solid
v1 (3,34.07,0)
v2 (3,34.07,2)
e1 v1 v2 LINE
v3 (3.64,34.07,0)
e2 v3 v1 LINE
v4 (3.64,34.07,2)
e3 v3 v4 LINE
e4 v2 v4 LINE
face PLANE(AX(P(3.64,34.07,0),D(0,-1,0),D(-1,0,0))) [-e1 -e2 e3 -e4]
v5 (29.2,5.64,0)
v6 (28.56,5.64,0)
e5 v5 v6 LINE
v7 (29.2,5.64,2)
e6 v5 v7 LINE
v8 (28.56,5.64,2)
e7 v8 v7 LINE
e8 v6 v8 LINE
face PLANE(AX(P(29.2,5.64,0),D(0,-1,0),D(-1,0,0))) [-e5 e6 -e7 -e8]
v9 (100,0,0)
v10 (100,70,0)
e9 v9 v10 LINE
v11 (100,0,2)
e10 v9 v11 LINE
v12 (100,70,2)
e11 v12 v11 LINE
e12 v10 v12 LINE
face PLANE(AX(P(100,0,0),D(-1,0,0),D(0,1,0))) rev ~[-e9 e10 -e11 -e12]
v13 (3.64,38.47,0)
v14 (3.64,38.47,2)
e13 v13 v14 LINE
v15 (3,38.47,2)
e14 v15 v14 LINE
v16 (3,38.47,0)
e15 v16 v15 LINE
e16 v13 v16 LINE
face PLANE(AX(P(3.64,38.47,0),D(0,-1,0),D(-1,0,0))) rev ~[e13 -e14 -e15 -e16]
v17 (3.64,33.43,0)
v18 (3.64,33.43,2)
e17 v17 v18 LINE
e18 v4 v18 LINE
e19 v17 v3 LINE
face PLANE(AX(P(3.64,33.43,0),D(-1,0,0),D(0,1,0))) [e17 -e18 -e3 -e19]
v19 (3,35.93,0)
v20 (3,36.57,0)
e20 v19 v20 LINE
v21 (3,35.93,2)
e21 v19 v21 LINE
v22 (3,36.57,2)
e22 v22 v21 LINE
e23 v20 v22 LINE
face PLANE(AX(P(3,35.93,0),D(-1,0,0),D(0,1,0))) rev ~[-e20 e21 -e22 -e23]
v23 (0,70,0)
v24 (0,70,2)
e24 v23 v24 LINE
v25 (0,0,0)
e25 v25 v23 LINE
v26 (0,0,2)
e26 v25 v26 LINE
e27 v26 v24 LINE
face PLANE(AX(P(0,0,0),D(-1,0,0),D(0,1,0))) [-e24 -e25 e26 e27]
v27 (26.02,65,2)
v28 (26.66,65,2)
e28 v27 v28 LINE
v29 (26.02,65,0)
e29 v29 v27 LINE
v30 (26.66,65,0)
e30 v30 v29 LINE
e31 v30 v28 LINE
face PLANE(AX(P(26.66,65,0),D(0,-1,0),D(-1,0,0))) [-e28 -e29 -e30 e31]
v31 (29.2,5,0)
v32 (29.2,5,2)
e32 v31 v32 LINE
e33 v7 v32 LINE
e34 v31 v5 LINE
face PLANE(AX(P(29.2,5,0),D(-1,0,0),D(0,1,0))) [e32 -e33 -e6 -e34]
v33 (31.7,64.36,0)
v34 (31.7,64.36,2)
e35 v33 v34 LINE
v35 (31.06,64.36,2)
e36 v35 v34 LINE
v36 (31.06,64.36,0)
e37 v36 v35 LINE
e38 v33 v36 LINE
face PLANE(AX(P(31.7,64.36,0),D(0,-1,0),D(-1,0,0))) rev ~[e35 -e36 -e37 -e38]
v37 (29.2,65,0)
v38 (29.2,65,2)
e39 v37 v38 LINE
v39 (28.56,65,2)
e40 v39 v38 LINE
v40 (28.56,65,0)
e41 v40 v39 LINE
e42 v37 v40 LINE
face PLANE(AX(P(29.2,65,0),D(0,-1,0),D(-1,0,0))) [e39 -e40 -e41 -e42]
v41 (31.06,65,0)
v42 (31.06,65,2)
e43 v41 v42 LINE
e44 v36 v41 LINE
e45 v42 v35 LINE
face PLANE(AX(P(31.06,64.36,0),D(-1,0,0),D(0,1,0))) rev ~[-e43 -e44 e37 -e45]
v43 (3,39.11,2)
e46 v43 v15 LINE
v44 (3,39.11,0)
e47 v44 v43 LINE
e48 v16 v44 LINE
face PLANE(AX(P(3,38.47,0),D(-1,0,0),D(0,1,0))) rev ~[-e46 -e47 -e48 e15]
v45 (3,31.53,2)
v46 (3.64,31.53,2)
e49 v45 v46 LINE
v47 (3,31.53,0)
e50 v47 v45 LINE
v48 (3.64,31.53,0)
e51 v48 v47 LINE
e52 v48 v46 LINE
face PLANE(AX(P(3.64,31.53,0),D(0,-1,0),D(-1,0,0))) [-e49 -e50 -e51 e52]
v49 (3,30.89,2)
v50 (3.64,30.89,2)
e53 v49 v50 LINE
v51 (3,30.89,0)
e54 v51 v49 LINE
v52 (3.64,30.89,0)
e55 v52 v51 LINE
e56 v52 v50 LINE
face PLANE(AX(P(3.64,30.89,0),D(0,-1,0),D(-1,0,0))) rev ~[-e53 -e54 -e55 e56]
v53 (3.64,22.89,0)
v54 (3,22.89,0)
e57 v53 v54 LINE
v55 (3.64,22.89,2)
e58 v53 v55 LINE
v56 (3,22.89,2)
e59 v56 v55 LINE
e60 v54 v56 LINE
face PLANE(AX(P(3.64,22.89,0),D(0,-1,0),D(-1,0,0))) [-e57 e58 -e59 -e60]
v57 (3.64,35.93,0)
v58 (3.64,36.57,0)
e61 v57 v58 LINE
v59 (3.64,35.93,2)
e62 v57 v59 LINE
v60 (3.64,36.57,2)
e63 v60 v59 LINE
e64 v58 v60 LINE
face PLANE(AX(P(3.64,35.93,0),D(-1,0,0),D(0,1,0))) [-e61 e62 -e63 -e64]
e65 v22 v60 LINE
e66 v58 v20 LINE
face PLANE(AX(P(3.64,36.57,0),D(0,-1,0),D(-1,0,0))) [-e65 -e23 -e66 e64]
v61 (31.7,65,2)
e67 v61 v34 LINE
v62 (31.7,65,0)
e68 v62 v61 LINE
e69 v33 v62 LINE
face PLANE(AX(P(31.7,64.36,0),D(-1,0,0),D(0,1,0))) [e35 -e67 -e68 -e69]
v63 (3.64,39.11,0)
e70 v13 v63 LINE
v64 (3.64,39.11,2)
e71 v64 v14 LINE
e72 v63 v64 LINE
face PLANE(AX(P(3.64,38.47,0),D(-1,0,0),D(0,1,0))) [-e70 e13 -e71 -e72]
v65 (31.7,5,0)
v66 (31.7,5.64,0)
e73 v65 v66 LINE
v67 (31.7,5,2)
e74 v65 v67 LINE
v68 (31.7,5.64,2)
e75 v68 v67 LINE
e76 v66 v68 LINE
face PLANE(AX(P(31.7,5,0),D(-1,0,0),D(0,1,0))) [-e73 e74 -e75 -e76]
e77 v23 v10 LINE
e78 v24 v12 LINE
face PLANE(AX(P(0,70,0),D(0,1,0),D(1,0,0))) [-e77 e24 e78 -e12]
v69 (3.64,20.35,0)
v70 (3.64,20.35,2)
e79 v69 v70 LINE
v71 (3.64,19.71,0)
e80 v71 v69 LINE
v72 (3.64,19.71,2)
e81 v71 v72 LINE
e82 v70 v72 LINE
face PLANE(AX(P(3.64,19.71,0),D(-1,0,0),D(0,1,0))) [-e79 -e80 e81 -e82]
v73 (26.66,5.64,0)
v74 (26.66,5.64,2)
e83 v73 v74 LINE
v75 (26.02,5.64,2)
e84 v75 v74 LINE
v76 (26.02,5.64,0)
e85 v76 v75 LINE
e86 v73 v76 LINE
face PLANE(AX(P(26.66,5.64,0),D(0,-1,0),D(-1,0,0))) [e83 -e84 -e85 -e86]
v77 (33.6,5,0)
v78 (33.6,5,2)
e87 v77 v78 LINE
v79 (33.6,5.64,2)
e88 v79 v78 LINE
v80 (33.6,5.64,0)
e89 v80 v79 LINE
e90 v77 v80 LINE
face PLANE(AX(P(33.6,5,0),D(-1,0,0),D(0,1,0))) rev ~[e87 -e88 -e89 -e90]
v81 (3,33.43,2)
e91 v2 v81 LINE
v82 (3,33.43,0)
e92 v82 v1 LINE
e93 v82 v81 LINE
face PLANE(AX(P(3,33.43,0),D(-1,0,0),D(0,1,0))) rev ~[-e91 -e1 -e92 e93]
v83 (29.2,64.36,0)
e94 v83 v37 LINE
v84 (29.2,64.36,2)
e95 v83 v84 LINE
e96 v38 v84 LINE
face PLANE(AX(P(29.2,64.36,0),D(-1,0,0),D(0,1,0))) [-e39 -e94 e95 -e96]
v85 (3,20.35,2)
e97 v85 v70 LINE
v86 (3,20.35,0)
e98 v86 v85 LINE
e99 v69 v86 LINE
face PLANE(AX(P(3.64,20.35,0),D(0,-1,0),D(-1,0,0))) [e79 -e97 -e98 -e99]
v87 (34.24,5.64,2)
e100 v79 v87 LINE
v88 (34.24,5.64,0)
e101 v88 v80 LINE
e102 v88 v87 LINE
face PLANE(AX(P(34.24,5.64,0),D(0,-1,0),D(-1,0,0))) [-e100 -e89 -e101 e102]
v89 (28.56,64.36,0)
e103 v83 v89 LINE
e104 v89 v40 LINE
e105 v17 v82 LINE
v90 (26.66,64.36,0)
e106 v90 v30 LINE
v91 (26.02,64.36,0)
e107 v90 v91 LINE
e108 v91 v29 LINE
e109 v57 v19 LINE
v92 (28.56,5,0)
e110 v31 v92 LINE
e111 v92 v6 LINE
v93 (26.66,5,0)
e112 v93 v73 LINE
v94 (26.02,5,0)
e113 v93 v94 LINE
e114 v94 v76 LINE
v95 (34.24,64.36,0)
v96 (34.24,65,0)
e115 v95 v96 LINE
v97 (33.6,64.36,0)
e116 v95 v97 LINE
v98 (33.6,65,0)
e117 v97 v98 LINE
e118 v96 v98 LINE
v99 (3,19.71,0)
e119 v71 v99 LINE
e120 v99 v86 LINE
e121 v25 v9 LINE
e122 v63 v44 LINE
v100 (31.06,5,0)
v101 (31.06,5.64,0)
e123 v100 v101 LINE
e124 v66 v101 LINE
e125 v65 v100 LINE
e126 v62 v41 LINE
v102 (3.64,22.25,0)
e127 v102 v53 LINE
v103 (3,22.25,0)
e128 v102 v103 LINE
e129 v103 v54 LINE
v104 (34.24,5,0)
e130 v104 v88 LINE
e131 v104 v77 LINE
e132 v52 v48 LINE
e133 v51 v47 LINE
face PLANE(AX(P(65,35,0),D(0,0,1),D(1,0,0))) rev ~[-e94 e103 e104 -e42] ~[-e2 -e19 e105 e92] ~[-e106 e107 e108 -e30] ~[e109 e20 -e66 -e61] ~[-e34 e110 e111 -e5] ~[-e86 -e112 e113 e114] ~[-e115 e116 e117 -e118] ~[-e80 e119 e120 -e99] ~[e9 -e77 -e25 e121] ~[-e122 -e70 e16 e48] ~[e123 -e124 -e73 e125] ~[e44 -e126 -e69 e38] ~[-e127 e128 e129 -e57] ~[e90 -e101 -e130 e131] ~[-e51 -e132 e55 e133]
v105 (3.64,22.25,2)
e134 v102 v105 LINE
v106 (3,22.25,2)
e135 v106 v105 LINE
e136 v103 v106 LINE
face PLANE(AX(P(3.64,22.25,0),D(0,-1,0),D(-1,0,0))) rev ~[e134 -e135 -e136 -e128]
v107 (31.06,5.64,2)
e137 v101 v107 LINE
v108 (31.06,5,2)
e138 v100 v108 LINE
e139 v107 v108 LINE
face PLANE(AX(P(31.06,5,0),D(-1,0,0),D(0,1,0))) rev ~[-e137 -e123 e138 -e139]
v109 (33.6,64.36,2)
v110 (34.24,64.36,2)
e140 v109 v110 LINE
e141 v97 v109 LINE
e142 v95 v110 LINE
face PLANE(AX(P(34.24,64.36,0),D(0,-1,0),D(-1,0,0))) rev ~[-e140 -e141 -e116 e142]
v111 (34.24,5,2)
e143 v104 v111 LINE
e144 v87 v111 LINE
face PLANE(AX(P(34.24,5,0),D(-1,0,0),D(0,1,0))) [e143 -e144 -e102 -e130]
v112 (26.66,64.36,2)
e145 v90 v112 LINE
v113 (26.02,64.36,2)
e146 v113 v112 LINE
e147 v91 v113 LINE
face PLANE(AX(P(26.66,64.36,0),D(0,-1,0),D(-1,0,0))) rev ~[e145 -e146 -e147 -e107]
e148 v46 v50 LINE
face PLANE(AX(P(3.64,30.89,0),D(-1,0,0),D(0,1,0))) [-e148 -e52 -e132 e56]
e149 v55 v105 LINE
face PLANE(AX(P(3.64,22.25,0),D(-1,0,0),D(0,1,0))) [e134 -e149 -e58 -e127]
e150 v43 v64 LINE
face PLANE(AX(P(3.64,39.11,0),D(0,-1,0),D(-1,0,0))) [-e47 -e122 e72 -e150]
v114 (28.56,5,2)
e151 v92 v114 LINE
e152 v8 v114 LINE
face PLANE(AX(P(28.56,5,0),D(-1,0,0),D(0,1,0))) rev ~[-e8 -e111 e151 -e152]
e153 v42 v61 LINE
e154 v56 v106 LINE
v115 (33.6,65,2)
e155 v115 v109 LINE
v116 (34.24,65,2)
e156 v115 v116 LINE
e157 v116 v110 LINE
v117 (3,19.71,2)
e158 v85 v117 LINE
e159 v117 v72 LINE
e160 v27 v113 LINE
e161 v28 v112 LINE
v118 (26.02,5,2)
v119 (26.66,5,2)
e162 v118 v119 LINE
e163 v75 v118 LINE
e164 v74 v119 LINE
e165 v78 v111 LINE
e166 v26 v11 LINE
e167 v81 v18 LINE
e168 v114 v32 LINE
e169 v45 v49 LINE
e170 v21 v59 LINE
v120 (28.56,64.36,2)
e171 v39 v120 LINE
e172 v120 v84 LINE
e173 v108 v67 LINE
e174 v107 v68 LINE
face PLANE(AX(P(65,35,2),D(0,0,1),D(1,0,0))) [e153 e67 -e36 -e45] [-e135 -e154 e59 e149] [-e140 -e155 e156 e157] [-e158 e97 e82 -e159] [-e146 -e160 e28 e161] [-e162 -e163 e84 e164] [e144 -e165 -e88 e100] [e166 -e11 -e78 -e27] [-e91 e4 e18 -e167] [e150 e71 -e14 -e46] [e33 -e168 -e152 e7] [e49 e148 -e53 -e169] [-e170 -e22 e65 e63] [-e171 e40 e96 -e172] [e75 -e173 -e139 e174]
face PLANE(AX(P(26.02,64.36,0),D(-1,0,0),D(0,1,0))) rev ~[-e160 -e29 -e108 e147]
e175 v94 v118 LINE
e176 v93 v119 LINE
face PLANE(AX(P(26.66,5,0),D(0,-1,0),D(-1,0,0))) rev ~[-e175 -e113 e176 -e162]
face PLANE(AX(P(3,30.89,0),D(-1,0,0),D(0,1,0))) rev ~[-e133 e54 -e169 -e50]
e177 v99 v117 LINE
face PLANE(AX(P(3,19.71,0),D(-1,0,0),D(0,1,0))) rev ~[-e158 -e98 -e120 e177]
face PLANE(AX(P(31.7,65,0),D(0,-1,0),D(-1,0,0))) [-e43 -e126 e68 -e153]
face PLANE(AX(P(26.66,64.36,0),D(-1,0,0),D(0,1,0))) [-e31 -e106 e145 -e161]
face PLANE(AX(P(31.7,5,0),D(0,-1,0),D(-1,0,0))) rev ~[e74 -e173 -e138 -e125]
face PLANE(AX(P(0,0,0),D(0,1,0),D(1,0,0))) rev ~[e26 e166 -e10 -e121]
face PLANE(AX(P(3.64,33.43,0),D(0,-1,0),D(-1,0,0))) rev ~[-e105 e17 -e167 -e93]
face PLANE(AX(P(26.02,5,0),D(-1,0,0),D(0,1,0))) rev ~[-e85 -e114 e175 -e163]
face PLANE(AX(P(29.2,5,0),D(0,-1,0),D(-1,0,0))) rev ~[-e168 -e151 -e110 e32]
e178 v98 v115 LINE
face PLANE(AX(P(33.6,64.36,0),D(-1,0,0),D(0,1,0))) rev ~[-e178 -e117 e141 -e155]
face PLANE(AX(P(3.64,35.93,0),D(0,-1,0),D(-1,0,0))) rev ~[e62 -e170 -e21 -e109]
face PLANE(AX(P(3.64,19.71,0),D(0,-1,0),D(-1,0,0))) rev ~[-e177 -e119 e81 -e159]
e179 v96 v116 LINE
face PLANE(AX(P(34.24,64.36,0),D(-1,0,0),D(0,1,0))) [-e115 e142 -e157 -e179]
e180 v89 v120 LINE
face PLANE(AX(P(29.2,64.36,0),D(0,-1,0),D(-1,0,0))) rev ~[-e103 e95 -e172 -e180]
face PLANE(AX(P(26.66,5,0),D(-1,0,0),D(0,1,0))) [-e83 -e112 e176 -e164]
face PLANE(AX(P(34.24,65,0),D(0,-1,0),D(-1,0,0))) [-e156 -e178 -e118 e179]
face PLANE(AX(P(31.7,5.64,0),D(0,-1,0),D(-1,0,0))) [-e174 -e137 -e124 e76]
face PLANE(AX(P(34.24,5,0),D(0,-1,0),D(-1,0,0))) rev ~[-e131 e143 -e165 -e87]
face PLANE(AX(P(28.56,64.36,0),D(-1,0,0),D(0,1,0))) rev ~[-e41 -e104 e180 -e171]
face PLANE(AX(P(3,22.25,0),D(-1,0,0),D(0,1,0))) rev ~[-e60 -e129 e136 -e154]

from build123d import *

# Parameters (mm, degrees)
CROQUIS1_W              = 130
CROQUIS1_H              = 70
SALIENTE_EXTRUIR1_DEPTH = 2
CROQUIS2_W              = 30
CROQUIS2_H              = 70
CORTAR_EXTRUIR1_DEPTH   = 148.66177569
CROQUIS3_W              = 0.64
CROQUIS3_H              = 0.64
CORTAR_EXTRUIR2_DEPTH   = 123.081939696


with BuildPart() as part:
    # Croquis1 → Saliente-Extruir1 (new body)
    with BuildSketch(Plane.XY):
        with Locations((65, 35)):
            Rectangle(CROQUIS1_W, CROQUIS1_H)
    extrude(amount=SALIENTE_EXTRUIR1_DEPTH)

    # Croquis2 → Cortar-Extruir1 (cut, through all)
    with BuildSketch(Plane(origin=(0, 0, 0), x_dir=(-1, 0, 0), z_dir=(0, 0, -1))):
        with Locations((-115, 35)):
            Rectangle(CROQUIS2_W, CROQUIS2_H)
    extrude(amount=-CORTAR_EXTRUIR1_DEPTH, mode=Mode.SUBTRACT)

    # Croquis3 → Cortar-Extruir2 (cut, through all)
    with BuildSketch(Plane(origin=(0, 0, 0), x_dir=(-1, 0, 0), z_dir=(0, 0, -1))):
        with Locations((-3.32, 36.25)):
            Rectangle(CROQUIS3_W, CROQUIS3_H)
        with Locations((-3.32, 31.21)):
            Rectangle(CROQUIS3_W, CROQUIS3_H)
        with Locations((-3.32, 38.79)):
            Rectangle(CROQUIS3_W, CROQUIS3_H)
        with Locations((-3.32, 33.75)):
            Rectangle(CROQUIS3_W, CROQUIS3_H)
        with Locations((-28.88, 5.32)):
            Rectangle(CROQUIS3_W, CROQUIS3_H)
        with Locations((-33.92, 5.32)):
            Rectangle(CROQUIS3_W, CROQUIS3_H)
        with Locations((-26.34, 5.32)):
            Rectangle(CROQUIS3_W, CROQUIS3_H)
        with Locations((-31.38, 5.32)):
            Rectangle(CROQUIS3_W, CROQUIS3_H)
        with Locations((-33.92, 64.68)):
            Rectangle(CROQUIS3_W, CROQUIS3_H)
        with Locations((-31.38, 64.68)):
            Rectangle(CROQUIS3_W, CROQUIS3_H)
        with Locations((-26.34, 64.68)):
            Rectangle(CROQUIS3_W, CROQUIS3_H)
        with Locations((-28.88, 64.68)):
            Rectangle(CROQUIS3_W, CROQUIS3_H)
        with Locations((-3.32, 20.03)):
            Rectangle(CROQUIS3_W, CROQUIS3_H)
        with Locations((-3.32, 22.57)):
            Rectangle(CROQUIS3_W, CROQUIS3_H)
    extrude(amount=-CORTAR_EXTRUIR2_DEPTH, mode=Mode.SUBTRACT)


solid = part.part
